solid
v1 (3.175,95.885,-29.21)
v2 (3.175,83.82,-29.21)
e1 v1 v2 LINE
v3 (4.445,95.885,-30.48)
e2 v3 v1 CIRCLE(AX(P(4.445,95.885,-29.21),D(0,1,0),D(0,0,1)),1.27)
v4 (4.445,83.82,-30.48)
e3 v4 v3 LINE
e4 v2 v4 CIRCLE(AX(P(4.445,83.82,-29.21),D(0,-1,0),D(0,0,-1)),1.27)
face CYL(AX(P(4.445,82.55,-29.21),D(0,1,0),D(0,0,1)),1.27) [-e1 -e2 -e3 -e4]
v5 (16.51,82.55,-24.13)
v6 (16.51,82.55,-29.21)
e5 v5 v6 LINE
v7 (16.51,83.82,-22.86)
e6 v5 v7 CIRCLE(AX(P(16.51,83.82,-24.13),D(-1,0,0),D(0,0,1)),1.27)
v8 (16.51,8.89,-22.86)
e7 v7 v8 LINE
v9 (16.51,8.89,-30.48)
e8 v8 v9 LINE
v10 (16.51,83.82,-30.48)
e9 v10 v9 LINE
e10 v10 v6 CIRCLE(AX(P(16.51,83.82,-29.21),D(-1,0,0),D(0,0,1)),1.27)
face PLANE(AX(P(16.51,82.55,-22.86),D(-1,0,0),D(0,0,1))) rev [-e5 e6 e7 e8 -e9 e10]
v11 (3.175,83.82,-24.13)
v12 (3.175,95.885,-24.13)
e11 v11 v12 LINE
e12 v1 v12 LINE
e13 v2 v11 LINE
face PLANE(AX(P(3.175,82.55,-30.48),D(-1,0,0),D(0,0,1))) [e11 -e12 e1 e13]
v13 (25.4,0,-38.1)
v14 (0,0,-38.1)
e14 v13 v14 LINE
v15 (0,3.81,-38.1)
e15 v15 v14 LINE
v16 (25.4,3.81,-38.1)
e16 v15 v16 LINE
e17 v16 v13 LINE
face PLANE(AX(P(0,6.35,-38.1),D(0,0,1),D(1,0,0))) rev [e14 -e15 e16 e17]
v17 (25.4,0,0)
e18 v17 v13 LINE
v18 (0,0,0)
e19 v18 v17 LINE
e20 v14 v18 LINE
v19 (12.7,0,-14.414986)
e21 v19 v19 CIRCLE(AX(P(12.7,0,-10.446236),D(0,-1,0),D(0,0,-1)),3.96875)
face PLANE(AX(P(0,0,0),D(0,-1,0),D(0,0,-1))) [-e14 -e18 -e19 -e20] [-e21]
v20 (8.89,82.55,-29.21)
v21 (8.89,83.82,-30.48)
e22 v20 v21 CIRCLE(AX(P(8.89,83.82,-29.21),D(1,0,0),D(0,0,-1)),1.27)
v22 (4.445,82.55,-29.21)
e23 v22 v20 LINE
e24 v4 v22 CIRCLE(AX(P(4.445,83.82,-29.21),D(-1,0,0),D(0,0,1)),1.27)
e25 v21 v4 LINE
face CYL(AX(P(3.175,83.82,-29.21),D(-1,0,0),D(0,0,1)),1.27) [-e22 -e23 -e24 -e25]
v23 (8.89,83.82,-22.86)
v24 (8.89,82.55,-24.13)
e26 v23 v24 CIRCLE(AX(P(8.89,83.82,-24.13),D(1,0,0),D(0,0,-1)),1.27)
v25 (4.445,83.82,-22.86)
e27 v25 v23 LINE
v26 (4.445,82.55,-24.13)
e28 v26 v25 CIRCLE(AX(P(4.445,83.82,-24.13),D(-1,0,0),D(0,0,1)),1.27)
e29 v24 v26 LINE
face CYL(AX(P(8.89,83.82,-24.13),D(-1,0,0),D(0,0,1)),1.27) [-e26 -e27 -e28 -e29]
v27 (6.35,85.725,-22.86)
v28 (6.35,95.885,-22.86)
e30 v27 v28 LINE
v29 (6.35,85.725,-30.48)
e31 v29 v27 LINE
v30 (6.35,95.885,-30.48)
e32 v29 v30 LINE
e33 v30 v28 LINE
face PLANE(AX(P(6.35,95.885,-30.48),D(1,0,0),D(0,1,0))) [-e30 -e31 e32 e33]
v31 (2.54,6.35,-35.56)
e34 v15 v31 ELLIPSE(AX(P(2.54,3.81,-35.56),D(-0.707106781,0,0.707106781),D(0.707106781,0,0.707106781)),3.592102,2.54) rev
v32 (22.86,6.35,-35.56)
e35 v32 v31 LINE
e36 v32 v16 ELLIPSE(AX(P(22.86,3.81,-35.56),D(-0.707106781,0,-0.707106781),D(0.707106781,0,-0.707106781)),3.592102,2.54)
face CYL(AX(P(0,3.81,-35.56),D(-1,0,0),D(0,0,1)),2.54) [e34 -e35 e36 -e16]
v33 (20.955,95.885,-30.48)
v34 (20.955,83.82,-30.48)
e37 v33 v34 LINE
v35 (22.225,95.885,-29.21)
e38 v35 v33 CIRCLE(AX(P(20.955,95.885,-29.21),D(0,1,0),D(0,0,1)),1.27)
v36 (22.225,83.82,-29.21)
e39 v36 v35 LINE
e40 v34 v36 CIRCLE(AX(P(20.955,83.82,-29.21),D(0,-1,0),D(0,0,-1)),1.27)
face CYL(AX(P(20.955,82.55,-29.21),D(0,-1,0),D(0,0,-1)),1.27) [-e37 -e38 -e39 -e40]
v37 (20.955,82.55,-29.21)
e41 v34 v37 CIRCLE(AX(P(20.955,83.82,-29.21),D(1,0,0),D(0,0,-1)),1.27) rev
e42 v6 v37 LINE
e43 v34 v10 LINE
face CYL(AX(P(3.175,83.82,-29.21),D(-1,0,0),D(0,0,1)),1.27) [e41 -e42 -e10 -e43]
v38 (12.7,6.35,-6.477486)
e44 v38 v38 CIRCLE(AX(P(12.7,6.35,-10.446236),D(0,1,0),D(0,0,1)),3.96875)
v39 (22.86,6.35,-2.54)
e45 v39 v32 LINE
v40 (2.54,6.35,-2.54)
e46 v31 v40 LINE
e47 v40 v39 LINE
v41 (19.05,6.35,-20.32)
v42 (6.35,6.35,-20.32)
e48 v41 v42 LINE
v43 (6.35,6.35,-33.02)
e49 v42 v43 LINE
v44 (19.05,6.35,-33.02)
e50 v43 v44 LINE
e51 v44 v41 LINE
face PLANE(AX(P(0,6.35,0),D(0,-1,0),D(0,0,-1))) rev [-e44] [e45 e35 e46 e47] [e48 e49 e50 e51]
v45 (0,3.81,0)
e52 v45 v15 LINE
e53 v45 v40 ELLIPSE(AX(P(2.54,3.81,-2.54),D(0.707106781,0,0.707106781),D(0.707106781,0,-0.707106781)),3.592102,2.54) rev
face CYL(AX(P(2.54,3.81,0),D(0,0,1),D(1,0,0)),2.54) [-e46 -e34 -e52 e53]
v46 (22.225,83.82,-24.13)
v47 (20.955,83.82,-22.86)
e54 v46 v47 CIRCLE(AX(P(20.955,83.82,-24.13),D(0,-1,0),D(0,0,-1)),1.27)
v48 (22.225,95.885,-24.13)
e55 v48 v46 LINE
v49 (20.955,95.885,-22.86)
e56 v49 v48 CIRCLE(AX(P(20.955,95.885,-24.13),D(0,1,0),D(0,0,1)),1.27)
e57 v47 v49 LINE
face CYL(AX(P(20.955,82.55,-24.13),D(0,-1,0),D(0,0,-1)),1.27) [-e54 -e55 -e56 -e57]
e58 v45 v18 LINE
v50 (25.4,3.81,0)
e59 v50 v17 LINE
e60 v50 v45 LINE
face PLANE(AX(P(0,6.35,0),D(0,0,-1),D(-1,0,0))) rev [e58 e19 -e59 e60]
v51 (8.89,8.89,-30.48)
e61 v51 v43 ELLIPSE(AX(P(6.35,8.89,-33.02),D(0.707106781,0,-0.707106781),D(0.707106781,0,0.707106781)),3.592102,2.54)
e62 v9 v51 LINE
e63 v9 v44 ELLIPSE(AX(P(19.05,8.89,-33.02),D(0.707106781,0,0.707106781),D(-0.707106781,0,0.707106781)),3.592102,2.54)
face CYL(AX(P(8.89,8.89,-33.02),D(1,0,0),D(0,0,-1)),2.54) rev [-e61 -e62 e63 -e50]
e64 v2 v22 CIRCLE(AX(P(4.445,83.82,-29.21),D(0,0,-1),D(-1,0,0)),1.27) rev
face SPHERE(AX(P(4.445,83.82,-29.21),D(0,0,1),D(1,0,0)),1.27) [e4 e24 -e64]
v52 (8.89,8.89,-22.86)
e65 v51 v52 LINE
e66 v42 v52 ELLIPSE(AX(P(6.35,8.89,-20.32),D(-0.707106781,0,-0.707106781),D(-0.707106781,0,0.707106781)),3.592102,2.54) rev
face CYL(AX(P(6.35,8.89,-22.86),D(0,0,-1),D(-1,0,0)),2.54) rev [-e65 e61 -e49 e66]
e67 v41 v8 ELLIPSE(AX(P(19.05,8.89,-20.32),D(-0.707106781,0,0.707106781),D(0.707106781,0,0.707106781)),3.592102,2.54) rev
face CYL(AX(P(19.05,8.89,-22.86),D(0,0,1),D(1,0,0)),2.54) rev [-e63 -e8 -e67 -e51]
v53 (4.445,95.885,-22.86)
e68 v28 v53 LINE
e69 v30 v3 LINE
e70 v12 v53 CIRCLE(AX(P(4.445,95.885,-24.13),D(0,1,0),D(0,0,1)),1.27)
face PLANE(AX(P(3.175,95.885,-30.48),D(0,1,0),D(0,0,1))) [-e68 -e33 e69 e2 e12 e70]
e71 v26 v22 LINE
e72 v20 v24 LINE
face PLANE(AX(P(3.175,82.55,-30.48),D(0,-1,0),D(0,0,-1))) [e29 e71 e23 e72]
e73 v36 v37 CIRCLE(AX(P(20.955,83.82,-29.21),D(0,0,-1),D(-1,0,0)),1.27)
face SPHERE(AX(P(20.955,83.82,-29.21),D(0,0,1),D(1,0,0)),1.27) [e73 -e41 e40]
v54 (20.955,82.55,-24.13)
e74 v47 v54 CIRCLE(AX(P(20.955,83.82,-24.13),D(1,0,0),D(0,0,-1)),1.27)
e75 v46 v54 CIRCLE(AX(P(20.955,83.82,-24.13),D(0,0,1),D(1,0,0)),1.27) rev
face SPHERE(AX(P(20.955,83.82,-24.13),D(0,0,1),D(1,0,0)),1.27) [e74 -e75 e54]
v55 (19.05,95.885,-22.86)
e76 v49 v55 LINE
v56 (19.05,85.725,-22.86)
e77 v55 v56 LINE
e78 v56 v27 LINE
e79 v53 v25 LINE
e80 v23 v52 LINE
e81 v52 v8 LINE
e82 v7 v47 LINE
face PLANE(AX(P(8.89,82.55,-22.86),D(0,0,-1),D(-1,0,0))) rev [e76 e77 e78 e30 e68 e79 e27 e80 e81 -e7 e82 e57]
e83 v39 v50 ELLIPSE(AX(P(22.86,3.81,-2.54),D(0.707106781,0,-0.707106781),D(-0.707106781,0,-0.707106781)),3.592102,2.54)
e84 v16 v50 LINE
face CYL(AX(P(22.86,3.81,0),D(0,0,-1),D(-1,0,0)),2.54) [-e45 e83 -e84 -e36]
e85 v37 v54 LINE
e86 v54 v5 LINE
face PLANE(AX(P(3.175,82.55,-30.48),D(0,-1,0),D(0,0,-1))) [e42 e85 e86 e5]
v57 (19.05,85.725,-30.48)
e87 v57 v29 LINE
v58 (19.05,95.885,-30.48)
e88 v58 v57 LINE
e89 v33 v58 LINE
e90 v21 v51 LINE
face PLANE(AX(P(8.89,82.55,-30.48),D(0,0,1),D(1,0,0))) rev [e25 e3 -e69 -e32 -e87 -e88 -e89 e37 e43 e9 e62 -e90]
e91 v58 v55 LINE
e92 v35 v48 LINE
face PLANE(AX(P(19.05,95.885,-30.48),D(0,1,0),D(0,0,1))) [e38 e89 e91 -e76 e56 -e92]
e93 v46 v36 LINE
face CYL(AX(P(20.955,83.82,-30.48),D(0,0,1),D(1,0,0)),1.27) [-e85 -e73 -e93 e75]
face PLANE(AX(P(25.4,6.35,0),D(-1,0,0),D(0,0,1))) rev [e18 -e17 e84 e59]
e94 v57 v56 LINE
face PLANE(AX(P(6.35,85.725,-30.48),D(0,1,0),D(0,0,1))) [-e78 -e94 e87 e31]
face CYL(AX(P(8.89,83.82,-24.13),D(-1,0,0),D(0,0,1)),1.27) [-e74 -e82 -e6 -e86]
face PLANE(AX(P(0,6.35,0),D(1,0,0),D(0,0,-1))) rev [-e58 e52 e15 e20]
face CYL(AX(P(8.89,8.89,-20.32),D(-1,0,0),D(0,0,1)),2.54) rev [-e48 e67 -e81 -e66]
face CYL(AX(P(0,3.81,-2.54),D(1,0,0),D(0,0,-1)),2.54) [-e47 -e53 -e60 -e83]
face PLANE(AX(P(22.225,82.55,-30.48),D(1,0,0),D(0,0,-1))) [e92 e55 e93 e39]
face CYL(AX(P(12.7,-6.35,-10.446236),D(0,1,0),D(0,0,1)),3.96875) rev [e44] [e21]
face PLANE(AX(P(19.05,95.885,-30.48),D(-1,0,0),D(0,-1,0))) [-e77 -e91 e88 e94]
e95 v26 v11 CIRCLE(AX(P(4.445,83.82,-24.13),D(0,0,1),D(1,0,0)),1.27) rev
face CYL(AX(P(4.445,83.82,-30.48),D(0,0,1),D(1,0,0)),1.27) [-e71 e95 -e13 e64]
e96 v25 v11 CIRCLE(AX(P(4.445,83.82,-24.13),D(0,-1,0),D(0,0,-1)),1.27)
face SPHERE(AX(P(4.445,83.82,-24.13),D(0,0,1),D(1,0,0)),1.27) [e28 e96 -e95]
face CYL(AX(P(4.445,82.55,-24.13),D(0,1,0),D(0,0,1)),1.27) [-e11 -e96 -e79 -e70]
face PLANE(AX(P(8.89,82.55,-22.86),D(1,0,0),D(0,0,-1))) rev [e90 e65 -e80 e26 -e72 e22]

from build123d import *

# Parameters (mm, degrees)
SKETCH2_W           = 25.4
SKETCH2_H           = 38.1
BOSS_EXTRUDE1_DEPTH = 6.35
SKETCH3_W           = 7.62
SKETCH3_H           = 7.62
BOSS_EXTRUDE2_DEPTH = 76.2
BOSS_EXTRUDE3_DEPTH = 7.62
FILLET1_R           = 2.54
SKETCH6_R           = 3.96875
CUT_EXTRUDE1_DEPTH  = 12.7
FILLET2_R           = 1.27


with BuildPart() as part:
    # Sketch2 → Boss-Extrude1 (new body)
    with BuildSketch(Plane(origin=(0, 0, 0), x_dir=(1, 0, 0), z_dir=(0, 1, 0))):
        with Locations((12.7, 19.05)):
            Rectangle(SKETCH2_W, SKETCH2_H)
    extrude(amount=BOSS_EXTRUDE1_DEPTH)

    # Sketch3 → Boss-Extrude2 (add)
    with BuildSketch(Plane(origin=(0, 6.35, 0), x_dir=(1, 0, 0), z_dir=(0, 1, 0))):
        with Locations((12.7, 26.67)):
            Rectangle(SKETCH3_W, SKETCH3_H)
    extrude(amount=BOSS_EXTRUDE2_DEPTH)

    # Sketch5 → Boss-Extrude3 (add)
    with BuildSketch(Plane.XY.offset(-22.86)):
        Polygon((3.175, 82.55), (22.225, 82.55), (22.225, 95.885), (19.05, 95.885), (19.05, 85.725), (6.35, 85.725), (6.35, 95.885), (3.175, 95.885), align=None)
    extrude(amount=-BOSS_EXTRUDE3_DEPTH)

    # Fillet1
    fillet1_edges = [part.edges().sort_by_distance(p)[0] for p in [
        (25.4, 6.35, -19.05),
        (8.89, 6.35, -26.67),
        (12.7, 6.35, -22.86),
        (12.7, 6.35, -38.1),
        (16.51, 6.35, -26.67),
        (12.7, 6.35, -30.48),
        (0, 6.35, -19.05),
        (12.7, 6.35, 0),
    ]]
    fillet(fillet1_edges, radius=FILLET1_R)

    # Sketch6 → Cut-Extrude1 (cut)
    with BuildSketch(Plane(origin=(0, 6.35, 0), x_dir=(1, 0, 0), z_dir=(0, 1, 0))):
        with Locations((12.7, 10.446236213)):
            Circle(SKETCH6_R)
    extrude(amount=-CUT_EXTRUDE1_DEPTH, mode=Mode.SUBTRACT)

    # Fillet2
    fillet2_edges = [part.edges().sort_by_distance(p)[0] for p in [
        (6.0325, 82.55, -30.48),
        (3.175, 89.2175, -30.48),
        (3.175, 82.55, -26.67),
        (22.225, 89.2175, -30.48),
        (19.3675, 82.55, -30.48),
        (22.225, 82.55, -26.67),
        (3.175, 89.2175, -22.86),
        (6.0325, 82.55, -22.86),
        (19.3675, 82.55, -22.86),
        (22.225, 89.2175, -22.86),
    ]]
    fillet(fillet2_edges, radius=FILLET2_R)


solid = part.part
